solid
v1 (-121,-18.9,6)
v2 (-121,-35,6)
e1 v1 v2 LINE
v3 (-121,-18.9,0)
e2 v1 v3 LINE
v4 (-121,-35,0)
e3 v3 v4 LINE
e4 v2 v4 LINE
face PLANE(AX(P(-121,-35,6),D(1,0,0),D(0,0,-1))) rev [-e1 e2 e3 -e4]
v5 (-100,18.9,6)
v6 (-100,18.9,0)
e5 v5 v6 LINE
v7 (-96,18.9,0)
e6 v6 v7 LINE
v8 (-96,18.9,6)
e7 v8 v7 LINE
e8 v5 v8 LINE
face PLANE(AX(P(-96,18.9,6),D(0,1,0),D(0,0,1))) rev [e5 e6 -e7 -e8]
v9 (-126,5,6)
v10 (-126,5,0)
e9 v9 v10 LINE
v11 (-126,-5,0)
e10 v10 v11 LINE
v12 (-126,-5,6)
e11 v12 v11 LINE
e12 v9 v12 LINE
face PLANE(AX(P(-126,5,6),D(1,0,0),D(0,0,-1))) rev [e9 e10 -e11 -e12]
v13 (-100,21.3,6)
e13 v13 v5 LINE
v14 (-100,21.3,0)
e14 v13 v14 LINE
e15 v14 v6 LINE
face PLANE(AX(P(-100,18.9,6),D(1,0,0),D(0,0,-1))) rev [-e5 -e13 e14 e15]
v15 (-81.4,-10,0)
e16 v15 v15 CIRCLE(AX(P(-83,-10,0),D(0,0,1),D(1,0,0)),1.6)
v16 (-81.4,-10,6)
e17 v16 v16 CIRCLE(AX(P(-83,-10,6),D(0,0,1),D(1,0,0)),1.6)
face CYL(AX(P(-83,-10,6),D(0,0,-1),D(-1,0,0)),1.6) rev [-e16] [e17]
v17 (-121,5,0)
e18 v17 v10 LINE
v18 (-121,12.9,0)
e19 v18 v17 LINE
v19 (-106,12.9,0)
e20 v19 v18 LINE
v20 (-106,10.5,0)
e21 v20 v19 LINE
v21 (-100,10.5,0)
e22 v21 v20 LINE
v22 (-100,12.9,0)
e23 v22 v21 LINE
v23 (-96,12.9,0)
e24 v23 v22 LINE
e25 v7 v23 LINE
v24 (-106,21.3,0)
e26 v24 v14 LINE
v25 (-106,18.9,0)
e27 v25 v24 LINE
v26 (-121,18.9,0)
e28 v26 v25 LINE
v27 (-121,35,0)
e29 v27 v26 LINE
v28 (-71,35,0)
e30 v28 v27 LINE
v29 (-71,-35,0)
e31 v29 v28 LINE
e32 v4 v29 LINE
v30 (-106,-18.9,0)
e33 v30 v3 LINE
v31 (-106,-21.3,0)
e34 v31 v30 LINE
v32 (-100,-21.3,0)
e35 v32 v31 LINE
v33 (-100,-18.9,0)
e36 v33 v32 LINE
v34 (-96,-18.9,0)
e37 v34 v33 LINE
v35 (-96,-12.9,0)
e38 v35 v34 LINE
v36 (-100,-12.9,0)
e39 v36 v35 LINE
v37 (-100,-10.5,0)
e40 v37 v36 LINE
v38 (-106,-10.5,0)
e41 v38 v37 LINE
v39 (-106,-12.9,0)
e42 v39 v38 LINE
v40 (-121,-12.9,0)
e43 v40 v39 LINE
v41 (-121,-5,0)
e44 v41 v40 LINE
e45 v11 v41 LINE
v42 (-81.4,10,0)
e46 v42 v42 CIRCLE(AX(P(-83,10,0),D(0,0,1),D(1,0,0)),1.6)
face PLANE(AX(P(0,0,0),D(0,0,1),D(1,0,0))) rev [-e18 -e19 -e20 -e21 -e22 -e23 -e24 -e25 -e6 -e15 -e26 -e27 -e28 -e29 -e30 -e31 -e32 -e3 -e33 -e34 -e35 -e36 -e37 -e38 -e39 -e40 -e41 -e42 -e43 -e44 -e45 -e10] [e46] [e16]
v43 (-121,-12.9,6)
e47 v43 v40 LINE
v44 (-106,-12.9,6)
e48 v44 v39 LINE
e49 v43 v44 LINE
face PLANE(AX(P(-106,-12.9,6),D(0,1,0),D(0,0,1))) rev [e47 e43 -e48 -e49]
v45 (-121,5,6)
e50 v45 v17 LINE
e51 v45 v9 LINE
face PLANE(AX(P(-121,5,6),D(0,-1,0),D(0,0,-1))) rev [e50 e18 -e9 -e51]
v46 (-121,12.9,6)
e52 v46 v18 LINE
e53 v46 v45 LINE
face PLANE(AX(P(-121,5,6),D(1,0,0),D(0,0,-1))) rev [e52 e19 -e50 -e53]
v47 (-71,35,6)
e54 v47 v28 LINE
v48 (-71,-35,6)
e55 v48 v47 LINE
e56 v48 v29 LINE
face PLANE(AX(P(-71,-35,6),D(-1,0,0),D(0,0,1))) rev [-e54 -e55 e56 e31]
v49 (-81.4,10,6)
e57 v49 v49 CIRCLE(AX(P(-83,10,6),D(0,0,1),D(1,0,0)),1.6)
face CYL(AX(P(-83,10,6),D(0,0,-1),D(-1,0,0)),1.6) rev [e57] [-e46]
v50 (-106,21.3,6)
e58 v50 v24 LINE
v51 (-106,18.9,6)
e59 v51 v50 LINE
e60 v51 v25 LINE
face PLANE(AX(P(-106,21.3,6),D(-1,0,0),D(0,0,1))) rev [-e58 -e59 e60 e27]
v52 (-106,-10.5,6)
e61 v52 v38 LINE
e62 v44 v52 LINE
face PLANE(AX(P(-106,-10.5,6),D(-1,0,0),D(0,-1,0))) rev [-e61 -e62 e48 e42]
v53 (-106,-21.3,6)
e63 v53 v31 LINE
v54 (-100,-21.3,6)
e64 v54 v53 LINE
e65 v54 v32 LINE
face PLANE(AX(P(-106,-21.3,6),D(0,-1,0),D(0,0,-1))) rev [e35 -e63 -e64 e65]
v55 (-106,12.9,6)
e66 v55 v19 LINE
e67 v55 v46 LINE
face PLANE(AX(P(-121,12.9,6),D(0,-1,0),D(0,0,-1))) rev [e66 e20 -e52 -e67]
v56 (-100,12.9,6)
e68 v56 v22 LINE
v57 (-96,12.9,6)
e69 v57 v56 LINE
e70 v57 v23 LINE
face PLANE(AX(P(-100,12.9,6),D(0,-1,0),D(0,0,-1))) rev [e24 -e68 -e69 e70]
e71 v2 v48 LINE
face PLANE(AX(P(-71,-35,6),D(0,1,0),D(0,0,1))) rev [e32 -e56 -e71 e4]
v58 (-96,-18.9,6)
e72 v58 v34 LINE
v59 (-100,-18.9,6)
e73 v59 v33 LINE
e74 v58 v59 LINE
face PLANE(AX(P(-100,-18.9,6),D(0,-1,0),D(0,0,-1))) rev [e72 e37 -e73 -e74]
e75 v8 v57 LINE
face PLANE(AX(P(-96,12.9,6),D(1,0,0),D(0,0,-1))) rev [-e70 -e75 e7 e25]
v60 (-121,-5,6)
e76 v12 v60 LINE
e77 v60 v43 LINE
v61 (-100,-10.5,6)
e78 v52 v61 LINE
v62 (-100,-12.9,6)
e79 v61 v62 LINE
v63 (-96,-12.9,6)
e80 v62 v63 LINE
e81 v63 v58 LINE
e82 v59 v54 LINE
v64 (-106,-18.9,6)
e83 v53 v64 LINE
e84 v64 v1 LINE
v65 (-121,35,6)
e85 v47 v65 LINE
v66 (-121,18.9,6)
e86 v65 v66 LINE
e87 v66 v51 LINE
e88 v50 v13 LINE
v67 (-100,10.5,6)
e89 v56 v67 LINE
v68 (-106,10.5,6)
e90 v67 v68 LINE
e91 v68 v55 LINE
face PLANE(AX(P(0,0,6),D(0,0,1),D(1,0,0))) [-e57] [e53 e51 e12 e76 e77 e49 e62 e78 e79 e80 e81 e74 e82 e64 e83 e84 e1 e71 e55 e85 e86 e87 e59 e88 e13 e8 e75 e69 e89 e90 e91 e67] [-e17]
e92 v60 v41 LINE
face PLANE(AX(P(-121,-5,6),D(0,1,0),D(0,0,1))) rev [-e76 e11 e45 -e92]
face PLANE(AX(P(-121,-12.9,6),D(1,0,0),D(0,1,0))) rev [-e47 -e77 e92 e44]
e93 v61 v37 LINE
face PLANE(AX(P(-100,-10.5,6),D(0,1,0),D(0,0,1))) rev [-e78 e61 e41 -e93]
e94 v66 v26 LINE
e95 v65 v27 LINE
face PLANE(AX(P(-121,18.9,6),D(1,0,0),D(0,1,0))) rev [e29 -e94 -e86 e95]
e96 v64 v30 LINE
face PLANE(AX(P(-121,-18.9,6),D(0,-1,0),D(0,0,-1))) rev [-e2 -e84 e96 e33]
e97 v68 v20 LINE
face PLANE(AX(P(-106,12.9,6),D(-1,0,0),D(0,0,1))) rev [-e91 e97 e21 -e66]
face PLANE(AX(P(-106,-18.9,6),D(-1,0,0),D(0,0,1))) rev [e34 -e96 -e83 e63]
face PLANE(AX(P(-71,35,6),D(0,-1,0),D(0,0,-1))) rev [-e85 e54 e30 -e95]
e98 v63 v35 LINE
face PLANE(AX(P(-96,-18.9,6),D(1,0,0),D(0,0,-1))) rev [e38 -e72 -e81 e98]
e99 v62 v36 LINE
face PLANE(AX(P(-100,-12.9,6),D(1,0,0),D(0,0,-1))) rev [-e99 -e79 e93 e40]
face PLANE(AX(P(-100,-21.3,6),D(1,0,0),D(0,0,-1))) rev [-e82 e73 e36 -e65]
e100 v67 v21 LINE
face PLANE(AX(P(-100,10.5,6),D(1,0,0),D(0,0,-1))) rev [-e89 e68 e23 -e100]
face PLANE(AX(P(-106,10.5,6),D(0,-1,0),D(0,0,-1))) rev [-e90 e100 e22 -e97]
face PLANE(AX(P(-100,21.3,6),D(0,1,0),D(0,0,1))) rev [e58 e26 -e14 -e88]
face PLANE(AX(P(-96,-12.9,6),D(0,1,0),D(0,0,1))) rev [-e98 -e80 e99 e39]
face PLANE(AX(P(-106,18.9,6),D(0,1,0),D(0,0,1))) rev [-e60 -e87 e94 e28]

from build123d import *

# Parameters (mm, degrees)
SKETCH1_R           = 1.6
BOSS_EXTRUDE1_DEPTH = 6


with BuildPart() as part:
    # Sketch1 → Boss-Extrude1 (new body)
    with BuildSketch(Plane.XY):
        Polygon((-121, -35), (-71, -35), (-71, 35), (-121, 35), (-121, 18.9), (-106, 18.9), (-106, 21.3), (-100, 21.3), (-100, 18.9), (-96, 18.9), (-96, 12.9), (-100, 12.9), (-100, 10.5), (-106, 10.5), (-106, 12.9), (-121, 12.9), (-121, 5), (-126, 5), (-126, -5), (-121, -5), (-121, -12.9), (-106, -12.9), (-106, -10.5), (-100, -10.5), (-100, -12.9), (-96, -12.9), (-96, -18.9), (-100, -18.9), (-100, -21.3), (-106, -21.3), (-106, -18.9), (-121, -18.9), align=None)
        with Locations((-83, -10)):
            Circle(SKETCH1_R, mode=Mode.SUBTRACT)
        with Locations((-83, 10)):
            Circle(SKETCH1_R, mode=Mode.SUBTRACT)
    extrude(amount=BOSS_EXTRUDE1_DEPTH)


solid = part.part
